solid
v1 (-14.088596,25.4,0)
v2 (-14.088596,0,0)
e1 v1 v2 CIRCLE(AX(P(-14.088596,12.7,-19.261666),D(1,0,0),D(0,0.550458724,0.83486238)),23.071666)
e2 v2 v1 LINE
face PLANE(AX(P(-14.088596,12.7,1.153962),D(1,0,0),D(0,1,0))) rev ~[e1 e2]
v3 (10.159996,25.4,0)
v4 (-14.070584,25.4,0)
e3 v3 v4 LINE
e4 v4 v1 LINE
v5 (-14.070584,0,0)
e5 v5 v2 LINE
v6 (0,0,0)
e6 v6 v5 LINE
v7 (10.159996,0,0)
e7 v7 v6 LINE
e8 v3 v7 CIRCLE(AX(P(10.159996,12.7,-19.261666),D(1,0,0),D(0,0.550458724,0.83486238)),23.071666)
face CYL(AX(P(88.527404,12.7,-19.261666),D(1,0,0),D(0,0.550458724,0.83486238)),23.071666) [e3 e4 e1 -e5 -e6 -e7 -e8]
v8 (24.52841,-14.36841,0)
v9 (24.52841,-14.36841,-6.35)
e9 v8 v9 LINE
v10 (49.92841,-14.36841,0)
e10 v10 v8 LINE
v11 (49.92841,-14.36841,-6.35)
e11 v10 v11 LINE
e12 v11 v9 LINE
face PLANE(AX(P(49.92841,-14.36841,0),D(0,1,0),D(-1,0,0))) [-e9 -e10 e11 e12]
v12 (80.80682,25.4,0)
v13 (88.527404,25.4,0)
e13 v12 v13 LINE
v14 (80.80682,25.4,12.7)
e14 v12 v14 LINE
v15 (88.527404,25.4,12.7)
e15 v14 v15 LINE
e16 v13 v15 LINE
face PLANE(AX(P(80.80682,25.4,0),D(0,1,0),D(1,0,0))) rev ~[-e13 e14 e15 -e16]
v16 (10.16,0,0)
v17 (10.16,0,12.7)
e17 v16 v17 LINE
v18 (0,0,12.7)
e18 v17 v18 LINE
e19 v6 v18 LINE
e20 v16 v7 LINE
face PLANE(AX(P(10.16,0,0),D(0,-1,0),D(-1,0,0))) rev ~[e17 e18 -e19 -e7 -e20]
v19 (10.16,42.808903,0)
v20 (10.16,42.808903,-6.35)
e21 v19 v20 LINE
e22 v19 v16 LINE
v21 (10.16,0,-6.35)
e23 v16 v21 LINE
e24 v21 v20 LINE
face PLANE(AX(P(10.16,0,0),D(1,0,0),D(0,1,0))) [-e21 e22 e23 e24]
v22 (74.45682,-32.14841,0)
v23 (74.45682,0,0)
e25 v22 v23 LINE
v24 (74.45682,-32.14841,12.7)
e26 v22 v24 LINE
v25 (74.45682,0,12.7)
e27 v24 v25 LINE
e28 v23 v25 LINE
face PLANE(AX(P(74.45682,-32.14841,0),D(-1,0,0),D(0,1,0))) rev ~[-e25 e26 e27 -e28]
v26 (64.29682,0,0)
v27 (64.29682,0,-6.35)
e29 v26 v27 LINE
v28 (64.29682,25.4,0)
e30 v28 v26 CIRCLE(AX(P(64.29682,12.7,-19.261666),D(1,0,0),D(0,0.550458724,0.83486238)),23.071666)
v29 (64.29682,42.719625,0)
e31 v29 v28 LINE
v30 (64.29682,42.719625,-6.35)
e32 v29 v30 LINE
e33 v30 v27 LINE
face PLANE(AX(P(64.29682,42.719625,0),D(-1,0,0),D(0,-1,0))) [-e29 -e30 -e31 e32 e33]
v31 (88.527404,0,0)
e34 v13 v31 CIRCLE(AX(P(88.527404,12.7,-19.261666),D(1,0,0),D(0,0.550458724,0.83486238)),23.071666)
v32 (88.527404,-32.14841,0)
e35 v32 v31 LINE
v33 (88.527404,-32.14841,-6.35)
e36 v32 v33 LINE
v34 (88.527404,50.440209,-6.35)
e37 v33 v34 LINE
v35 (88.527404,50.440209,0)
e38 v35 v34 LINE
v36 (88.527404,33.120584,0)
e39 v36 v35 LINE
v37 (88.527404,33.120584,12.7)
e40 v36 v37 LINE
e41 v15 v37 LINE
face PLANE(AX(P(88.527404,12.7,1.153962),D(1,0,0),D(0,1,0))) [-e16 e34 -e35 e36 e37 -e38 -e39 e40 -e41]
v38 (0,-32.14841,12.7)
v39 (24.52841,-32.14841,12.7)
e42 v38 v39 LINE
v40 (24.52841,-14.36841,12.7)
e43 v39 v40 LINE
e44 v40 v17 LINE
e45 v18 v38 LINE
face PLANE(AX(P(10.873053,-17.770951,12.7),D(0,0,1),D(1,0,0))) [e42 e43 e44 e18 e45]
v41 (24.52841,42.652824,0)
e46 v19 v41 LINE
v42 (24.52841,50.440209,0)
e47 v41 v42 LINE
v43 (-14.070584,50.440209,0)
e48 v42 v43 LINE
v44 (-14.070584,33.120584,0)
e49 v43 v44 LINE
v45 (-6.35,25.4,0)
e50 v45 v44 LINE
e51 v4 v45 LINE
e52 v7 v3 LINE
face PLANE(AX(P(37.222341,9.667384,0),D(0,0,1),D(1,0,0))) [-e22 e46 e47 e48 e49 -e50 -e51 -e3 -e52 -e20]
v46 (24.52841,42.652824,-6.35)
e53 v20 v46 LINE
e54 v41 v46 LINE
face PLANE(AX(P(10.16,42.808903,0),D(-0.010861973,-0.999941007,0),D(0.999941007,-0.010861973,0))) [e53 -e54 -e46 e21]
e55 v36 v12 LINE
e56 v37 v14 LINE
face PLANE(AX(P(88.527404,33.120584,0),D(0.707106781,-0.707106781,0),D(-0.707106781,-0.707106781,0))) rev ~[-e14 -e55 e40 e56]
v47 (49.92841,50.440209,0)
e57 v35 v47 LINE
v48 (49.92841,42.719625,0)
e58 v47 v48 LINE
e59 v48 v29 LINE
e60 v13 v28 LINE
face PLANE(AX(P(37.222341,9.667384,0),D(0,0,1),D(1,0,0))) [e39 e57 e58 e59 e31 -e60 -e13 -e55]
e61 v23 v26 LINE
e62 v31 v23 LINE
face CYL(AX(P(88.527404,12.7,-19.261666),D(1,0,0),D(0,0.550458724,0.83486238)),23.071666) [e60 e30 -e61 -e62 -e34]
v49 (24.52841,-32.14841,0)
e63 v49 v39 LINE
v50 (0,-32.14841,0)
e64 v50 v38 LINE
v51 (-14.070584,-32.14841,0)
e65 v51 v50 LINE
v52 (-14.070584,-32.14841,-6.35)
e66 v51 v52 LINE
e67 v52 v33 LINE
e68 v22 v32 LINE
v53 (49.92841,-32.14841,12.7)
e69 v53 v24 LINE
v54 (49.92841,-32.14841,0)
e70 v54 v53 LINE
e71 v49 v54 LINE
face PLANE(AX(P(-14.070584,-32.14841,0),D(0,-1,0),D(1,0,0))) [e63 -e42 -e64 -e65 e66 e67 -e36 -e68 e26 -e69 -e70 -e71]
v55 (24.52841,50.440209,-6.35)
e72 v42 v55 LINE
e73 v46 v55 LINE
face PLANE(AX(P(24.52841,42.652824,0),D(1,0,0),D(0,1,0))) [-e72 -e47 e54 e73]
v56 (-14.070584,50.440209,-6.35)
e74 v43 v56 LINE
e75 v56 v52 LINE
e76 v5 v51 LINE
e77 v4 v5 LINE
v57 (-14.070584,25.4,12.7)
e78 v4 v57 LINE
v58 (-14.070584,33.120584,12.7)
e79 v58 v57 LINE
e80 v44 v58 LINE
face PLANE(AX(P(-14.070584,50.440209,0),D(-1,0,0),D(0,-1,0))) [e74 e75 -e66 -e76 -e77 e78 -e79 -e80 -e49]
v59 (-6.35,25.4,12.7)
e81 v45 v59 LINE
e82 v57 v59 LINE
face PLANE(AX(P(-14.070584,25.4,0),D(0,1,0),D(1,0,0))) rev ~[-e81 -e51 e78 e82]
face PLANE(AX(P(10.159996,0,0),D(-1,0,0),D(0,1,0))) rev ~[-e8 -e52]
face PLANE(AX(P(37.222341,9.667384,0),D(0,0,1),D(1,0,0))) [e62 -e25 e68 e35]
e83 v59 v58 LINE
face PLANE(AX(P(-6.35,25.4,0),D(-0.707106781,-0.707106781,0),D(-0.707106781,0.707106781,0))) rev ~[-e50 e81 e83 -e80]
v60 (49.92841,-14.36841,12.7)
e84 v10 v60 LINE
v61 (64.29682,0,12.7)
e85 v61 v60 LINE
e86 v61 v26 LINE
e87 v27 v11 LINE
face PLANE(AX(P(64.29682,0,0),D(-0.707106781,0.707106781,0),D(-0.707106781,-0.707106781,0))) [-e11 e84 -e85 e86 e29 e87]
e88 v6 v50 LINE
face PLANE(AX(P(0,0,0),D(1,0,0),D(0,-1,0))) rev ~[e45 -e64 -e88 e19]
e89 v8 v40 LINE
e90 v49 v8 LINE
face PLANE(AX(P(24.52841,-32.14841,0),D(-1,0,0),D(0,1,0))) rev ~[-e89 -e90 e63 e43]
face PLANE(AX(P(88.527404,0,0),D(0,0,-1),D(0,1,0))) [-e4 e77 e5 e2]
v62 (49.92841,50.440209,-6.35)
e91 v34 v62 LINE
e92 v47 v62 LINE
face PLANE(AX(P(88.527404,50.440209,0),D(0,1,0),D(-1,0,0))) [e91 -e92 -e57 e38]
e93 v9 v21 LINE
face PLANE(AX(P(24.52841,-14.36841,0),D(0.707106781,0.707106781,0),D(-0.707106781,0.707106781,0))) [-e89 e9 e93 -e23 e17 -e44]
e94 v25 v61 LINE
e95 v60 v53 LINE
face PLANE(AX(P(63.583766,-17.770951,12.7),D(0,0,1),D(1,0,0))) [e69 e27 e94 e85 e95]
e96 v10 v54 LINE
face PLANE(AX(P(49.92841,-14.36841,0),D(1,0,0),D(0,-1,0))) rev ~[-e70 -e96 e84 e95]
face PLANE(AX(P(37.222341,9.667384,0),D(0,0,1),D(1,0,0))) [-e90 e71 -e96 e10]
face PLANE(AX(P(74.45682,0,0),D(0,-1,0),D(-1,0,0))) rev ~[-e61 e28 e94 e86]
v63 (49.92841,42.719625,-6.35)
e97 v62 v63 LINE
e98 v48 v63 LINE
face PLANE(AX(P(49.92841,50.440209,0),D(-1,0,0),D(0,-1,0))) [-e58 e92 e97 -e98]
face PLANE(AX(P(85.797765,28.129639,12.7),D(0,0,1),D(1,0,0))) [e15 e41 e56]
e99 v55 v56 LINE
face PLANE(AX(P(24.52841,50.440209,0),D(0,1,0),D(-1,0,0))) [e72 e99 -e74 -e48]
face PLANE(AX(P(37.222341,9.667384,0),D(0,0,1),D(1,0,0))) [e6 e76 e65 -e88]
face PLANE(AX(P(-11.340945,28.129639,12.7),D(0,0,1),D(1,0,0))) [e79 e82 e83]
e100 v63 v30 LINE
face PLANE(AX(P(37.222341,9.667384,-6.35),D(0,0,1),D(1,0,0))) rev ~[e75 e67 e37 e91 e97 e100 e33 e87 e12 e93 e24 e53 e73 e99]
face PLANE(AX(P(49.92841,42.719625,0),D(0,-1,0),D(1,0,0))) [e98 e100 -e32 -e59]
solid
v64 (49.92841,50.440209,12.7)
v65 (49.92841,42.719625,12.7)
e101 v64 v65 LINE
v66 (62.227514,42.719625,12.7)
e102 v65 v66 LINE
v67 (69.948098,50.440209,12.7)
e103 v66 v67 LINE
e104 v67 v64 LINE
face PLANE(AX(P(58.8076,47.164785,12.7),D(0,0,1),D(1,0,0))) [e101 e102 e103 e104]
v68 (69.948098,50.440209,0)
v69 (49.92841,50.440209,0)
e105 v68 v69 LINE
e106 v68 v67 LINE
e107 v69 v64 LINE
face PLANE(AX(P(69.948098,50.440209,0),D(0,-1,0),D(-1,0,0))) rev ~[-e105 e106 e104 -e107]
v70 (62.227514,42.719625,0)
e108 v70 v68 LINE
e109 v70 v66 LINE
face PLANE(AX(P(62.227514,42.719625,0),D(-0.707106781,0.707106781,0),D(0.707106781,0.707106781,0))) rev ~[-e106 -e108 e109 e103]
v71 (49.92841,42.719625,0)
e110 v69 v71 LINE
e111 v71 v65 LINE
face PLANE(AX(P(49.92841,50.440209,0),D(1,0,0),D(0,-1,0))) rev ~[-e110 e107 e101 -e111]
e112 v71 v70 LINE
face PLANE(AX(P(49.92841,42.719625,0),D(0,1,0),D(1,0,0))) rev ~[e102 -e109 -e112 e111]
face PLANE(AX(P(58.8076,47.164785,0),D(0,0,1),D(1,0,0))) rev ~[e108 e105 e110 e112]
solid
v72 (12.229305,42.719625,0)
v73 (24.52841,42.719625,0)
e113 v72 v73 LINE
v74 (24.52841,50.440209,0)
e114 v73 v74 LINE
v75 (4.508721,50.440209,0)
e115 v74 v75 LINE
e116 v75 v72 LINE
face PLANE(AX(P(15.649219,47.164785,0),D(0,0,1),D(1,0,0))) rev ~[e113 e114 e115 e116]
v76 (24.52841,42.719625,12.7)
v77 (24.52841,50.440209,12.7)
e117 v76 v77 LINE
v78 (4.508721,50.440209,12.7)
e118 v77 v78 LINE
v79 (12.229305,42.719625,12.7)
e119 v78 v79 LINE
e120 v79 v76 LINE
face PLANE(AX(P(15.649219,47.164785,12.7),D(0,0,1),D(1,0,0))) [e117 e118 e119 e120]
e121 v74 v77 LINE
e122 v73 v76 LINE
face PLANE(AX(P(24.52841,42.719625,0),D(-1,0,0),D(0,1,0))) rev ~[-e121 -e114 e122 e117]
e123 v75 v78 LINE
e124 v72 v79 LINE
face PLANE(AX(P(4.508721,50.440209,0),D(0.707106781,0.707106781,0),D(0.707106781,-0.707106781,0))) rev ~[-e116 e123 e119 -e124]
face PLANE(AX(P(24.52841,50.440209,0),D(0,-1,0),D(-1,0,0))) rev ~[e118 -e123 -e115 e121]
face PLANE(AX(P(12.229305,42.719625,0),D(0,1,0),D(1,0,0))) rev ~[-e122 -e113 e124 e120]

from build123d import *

# Parameters (mm, degrees)
F1_DEPTH = 12.7
F3_DEPTH = 6.35
F5_DEPTH = 102.616
F6_W     = 54.1368234
F6_H     = 25.3999995561
F7_DEPTH = 6.35


with BuildPart() as f1:
    # F0 (on Top) → F1 (new body)
    with BuildSketch(Plane.XY):
        Polygon((10.16, 0), (0, 0), (0, -32.1484097937), (24.5284097937, -32.1484097937), (24.5284097937, -14.3684097937), align=None)
    extrude(amount=F1_DEPTH)



with BuildPart() as f1b:
    # F0 (on Top) → F1, piece 2 (new body)
    with BuildSketch(Plane.XY):
        Polygon((24.5284097937, 50.4402085561), (4.5087214192, 50.4402085561), (12.2293054192, 42.7196245561), (24.5284097937, 42.7196245561), align=None)
    extrude(amount=F1_DEPTH)


with BuildPart() as f1c:
    # F0 (on Top) → F1, piece 3 (new body)
    with BuildSketch(Plane.XY):
        Polygon((49.9284097937, 42.7196245561), (62.2275137532, 42.7196245561), (69.9480977532, 50.4402085561), (49.9284097937, 50.4402085561), align=None)
    extrude(amount=F1_DEPTH)


with BuildPart() as f1d:
    # F0 (on Top) → F1, piece 4 (new body)
    with BuildSketch(Plane.XY):
        Polygon((74.4568195862, 0), (64.2968195874, 0), (49.9284097937, -14.3684097937), (49.9284097937, -32.1484097937), (74.4568195862, -32.1484097937), align=None)
    extrude(amount=F1_DEPTH)


with BuildPart() as f1e:
    # F0 (on Top) → F1, piece 5 (new body)
    with BuildSketch(Plane.XY):
        Polygon((88.5274035862, 33.120584), (80.8068195862, 25.4), (88.5274035862, 25.4), align=None)
    extrude(amount=F1_DEPTH)


with BuildPart() as f1f:
    # F0 (on Top) → F1, piece 6 (new body)
    with BuildSketch(Plane.XY):
        Polygon((-14.0705839987, 25.4), (-6.3499999987, 25.4), (-14.0705839987, 33.120584), align=None)
    extrude(amount=F1_DEPTH)


with BuildPart() as f3:
    # F2 (on Top) → F3 (new body)
    with BuildSketch(Plane.XY):
        Polygon((24.5284097937, 50.4402085561), (-14.0705839987, 50.4402085561), (-14.0705839987, -32.1484097937), (88.5274035862, -32.1484097937), (88.5274035862, 50.4402085561), (49.9284097937, 50.4402085561), (49.9284097937, 42.7196245561), (64.2968195874, 42.7196245561), (64.2968195874, 0), (49.9284097937, -14.3684097937), (24.5284097937, -14.3684097937), (10.16, 0), (10.16, 42.8089028328), (24.5284097937, 42.6528243452), align=None)
    extrude(amount=-F3_DEPTH)


with BuildPart() as f1_1:
    add(f1.part)

    add(f1d.part)  # F5 merges F1d

    add(f1e.part)  # F5 merges F1e

    add(f1f.part)  # F5 merges F1f

    add(f3.part)  # F5 merges F3
    # F4 (on face) → F5 (join)
    with BuildSketch(Plane.YZ.offset(88.5274035862)):
        with BuildLine():
            Line((0, 0), (25.3999995561, 0))
            ThreePointArc((25.3999995561, 0), (12.699999778, 3.81), (0, 0))
        make_face()
    extrude(amount=-F5_DEPTH)

    # F6 (on face) → F7 (cut)
    with BuildSketch(Plane.XY):
        with Locations((37.2284078874, 12.699999778)):
            Rectangle(F6_W, F6_H)
    extrude(amount=F7_DEPTH, mode=Mode.SUBTRACT)


solid = Compound([f1b.part, f1c.part, f1_1.part])
